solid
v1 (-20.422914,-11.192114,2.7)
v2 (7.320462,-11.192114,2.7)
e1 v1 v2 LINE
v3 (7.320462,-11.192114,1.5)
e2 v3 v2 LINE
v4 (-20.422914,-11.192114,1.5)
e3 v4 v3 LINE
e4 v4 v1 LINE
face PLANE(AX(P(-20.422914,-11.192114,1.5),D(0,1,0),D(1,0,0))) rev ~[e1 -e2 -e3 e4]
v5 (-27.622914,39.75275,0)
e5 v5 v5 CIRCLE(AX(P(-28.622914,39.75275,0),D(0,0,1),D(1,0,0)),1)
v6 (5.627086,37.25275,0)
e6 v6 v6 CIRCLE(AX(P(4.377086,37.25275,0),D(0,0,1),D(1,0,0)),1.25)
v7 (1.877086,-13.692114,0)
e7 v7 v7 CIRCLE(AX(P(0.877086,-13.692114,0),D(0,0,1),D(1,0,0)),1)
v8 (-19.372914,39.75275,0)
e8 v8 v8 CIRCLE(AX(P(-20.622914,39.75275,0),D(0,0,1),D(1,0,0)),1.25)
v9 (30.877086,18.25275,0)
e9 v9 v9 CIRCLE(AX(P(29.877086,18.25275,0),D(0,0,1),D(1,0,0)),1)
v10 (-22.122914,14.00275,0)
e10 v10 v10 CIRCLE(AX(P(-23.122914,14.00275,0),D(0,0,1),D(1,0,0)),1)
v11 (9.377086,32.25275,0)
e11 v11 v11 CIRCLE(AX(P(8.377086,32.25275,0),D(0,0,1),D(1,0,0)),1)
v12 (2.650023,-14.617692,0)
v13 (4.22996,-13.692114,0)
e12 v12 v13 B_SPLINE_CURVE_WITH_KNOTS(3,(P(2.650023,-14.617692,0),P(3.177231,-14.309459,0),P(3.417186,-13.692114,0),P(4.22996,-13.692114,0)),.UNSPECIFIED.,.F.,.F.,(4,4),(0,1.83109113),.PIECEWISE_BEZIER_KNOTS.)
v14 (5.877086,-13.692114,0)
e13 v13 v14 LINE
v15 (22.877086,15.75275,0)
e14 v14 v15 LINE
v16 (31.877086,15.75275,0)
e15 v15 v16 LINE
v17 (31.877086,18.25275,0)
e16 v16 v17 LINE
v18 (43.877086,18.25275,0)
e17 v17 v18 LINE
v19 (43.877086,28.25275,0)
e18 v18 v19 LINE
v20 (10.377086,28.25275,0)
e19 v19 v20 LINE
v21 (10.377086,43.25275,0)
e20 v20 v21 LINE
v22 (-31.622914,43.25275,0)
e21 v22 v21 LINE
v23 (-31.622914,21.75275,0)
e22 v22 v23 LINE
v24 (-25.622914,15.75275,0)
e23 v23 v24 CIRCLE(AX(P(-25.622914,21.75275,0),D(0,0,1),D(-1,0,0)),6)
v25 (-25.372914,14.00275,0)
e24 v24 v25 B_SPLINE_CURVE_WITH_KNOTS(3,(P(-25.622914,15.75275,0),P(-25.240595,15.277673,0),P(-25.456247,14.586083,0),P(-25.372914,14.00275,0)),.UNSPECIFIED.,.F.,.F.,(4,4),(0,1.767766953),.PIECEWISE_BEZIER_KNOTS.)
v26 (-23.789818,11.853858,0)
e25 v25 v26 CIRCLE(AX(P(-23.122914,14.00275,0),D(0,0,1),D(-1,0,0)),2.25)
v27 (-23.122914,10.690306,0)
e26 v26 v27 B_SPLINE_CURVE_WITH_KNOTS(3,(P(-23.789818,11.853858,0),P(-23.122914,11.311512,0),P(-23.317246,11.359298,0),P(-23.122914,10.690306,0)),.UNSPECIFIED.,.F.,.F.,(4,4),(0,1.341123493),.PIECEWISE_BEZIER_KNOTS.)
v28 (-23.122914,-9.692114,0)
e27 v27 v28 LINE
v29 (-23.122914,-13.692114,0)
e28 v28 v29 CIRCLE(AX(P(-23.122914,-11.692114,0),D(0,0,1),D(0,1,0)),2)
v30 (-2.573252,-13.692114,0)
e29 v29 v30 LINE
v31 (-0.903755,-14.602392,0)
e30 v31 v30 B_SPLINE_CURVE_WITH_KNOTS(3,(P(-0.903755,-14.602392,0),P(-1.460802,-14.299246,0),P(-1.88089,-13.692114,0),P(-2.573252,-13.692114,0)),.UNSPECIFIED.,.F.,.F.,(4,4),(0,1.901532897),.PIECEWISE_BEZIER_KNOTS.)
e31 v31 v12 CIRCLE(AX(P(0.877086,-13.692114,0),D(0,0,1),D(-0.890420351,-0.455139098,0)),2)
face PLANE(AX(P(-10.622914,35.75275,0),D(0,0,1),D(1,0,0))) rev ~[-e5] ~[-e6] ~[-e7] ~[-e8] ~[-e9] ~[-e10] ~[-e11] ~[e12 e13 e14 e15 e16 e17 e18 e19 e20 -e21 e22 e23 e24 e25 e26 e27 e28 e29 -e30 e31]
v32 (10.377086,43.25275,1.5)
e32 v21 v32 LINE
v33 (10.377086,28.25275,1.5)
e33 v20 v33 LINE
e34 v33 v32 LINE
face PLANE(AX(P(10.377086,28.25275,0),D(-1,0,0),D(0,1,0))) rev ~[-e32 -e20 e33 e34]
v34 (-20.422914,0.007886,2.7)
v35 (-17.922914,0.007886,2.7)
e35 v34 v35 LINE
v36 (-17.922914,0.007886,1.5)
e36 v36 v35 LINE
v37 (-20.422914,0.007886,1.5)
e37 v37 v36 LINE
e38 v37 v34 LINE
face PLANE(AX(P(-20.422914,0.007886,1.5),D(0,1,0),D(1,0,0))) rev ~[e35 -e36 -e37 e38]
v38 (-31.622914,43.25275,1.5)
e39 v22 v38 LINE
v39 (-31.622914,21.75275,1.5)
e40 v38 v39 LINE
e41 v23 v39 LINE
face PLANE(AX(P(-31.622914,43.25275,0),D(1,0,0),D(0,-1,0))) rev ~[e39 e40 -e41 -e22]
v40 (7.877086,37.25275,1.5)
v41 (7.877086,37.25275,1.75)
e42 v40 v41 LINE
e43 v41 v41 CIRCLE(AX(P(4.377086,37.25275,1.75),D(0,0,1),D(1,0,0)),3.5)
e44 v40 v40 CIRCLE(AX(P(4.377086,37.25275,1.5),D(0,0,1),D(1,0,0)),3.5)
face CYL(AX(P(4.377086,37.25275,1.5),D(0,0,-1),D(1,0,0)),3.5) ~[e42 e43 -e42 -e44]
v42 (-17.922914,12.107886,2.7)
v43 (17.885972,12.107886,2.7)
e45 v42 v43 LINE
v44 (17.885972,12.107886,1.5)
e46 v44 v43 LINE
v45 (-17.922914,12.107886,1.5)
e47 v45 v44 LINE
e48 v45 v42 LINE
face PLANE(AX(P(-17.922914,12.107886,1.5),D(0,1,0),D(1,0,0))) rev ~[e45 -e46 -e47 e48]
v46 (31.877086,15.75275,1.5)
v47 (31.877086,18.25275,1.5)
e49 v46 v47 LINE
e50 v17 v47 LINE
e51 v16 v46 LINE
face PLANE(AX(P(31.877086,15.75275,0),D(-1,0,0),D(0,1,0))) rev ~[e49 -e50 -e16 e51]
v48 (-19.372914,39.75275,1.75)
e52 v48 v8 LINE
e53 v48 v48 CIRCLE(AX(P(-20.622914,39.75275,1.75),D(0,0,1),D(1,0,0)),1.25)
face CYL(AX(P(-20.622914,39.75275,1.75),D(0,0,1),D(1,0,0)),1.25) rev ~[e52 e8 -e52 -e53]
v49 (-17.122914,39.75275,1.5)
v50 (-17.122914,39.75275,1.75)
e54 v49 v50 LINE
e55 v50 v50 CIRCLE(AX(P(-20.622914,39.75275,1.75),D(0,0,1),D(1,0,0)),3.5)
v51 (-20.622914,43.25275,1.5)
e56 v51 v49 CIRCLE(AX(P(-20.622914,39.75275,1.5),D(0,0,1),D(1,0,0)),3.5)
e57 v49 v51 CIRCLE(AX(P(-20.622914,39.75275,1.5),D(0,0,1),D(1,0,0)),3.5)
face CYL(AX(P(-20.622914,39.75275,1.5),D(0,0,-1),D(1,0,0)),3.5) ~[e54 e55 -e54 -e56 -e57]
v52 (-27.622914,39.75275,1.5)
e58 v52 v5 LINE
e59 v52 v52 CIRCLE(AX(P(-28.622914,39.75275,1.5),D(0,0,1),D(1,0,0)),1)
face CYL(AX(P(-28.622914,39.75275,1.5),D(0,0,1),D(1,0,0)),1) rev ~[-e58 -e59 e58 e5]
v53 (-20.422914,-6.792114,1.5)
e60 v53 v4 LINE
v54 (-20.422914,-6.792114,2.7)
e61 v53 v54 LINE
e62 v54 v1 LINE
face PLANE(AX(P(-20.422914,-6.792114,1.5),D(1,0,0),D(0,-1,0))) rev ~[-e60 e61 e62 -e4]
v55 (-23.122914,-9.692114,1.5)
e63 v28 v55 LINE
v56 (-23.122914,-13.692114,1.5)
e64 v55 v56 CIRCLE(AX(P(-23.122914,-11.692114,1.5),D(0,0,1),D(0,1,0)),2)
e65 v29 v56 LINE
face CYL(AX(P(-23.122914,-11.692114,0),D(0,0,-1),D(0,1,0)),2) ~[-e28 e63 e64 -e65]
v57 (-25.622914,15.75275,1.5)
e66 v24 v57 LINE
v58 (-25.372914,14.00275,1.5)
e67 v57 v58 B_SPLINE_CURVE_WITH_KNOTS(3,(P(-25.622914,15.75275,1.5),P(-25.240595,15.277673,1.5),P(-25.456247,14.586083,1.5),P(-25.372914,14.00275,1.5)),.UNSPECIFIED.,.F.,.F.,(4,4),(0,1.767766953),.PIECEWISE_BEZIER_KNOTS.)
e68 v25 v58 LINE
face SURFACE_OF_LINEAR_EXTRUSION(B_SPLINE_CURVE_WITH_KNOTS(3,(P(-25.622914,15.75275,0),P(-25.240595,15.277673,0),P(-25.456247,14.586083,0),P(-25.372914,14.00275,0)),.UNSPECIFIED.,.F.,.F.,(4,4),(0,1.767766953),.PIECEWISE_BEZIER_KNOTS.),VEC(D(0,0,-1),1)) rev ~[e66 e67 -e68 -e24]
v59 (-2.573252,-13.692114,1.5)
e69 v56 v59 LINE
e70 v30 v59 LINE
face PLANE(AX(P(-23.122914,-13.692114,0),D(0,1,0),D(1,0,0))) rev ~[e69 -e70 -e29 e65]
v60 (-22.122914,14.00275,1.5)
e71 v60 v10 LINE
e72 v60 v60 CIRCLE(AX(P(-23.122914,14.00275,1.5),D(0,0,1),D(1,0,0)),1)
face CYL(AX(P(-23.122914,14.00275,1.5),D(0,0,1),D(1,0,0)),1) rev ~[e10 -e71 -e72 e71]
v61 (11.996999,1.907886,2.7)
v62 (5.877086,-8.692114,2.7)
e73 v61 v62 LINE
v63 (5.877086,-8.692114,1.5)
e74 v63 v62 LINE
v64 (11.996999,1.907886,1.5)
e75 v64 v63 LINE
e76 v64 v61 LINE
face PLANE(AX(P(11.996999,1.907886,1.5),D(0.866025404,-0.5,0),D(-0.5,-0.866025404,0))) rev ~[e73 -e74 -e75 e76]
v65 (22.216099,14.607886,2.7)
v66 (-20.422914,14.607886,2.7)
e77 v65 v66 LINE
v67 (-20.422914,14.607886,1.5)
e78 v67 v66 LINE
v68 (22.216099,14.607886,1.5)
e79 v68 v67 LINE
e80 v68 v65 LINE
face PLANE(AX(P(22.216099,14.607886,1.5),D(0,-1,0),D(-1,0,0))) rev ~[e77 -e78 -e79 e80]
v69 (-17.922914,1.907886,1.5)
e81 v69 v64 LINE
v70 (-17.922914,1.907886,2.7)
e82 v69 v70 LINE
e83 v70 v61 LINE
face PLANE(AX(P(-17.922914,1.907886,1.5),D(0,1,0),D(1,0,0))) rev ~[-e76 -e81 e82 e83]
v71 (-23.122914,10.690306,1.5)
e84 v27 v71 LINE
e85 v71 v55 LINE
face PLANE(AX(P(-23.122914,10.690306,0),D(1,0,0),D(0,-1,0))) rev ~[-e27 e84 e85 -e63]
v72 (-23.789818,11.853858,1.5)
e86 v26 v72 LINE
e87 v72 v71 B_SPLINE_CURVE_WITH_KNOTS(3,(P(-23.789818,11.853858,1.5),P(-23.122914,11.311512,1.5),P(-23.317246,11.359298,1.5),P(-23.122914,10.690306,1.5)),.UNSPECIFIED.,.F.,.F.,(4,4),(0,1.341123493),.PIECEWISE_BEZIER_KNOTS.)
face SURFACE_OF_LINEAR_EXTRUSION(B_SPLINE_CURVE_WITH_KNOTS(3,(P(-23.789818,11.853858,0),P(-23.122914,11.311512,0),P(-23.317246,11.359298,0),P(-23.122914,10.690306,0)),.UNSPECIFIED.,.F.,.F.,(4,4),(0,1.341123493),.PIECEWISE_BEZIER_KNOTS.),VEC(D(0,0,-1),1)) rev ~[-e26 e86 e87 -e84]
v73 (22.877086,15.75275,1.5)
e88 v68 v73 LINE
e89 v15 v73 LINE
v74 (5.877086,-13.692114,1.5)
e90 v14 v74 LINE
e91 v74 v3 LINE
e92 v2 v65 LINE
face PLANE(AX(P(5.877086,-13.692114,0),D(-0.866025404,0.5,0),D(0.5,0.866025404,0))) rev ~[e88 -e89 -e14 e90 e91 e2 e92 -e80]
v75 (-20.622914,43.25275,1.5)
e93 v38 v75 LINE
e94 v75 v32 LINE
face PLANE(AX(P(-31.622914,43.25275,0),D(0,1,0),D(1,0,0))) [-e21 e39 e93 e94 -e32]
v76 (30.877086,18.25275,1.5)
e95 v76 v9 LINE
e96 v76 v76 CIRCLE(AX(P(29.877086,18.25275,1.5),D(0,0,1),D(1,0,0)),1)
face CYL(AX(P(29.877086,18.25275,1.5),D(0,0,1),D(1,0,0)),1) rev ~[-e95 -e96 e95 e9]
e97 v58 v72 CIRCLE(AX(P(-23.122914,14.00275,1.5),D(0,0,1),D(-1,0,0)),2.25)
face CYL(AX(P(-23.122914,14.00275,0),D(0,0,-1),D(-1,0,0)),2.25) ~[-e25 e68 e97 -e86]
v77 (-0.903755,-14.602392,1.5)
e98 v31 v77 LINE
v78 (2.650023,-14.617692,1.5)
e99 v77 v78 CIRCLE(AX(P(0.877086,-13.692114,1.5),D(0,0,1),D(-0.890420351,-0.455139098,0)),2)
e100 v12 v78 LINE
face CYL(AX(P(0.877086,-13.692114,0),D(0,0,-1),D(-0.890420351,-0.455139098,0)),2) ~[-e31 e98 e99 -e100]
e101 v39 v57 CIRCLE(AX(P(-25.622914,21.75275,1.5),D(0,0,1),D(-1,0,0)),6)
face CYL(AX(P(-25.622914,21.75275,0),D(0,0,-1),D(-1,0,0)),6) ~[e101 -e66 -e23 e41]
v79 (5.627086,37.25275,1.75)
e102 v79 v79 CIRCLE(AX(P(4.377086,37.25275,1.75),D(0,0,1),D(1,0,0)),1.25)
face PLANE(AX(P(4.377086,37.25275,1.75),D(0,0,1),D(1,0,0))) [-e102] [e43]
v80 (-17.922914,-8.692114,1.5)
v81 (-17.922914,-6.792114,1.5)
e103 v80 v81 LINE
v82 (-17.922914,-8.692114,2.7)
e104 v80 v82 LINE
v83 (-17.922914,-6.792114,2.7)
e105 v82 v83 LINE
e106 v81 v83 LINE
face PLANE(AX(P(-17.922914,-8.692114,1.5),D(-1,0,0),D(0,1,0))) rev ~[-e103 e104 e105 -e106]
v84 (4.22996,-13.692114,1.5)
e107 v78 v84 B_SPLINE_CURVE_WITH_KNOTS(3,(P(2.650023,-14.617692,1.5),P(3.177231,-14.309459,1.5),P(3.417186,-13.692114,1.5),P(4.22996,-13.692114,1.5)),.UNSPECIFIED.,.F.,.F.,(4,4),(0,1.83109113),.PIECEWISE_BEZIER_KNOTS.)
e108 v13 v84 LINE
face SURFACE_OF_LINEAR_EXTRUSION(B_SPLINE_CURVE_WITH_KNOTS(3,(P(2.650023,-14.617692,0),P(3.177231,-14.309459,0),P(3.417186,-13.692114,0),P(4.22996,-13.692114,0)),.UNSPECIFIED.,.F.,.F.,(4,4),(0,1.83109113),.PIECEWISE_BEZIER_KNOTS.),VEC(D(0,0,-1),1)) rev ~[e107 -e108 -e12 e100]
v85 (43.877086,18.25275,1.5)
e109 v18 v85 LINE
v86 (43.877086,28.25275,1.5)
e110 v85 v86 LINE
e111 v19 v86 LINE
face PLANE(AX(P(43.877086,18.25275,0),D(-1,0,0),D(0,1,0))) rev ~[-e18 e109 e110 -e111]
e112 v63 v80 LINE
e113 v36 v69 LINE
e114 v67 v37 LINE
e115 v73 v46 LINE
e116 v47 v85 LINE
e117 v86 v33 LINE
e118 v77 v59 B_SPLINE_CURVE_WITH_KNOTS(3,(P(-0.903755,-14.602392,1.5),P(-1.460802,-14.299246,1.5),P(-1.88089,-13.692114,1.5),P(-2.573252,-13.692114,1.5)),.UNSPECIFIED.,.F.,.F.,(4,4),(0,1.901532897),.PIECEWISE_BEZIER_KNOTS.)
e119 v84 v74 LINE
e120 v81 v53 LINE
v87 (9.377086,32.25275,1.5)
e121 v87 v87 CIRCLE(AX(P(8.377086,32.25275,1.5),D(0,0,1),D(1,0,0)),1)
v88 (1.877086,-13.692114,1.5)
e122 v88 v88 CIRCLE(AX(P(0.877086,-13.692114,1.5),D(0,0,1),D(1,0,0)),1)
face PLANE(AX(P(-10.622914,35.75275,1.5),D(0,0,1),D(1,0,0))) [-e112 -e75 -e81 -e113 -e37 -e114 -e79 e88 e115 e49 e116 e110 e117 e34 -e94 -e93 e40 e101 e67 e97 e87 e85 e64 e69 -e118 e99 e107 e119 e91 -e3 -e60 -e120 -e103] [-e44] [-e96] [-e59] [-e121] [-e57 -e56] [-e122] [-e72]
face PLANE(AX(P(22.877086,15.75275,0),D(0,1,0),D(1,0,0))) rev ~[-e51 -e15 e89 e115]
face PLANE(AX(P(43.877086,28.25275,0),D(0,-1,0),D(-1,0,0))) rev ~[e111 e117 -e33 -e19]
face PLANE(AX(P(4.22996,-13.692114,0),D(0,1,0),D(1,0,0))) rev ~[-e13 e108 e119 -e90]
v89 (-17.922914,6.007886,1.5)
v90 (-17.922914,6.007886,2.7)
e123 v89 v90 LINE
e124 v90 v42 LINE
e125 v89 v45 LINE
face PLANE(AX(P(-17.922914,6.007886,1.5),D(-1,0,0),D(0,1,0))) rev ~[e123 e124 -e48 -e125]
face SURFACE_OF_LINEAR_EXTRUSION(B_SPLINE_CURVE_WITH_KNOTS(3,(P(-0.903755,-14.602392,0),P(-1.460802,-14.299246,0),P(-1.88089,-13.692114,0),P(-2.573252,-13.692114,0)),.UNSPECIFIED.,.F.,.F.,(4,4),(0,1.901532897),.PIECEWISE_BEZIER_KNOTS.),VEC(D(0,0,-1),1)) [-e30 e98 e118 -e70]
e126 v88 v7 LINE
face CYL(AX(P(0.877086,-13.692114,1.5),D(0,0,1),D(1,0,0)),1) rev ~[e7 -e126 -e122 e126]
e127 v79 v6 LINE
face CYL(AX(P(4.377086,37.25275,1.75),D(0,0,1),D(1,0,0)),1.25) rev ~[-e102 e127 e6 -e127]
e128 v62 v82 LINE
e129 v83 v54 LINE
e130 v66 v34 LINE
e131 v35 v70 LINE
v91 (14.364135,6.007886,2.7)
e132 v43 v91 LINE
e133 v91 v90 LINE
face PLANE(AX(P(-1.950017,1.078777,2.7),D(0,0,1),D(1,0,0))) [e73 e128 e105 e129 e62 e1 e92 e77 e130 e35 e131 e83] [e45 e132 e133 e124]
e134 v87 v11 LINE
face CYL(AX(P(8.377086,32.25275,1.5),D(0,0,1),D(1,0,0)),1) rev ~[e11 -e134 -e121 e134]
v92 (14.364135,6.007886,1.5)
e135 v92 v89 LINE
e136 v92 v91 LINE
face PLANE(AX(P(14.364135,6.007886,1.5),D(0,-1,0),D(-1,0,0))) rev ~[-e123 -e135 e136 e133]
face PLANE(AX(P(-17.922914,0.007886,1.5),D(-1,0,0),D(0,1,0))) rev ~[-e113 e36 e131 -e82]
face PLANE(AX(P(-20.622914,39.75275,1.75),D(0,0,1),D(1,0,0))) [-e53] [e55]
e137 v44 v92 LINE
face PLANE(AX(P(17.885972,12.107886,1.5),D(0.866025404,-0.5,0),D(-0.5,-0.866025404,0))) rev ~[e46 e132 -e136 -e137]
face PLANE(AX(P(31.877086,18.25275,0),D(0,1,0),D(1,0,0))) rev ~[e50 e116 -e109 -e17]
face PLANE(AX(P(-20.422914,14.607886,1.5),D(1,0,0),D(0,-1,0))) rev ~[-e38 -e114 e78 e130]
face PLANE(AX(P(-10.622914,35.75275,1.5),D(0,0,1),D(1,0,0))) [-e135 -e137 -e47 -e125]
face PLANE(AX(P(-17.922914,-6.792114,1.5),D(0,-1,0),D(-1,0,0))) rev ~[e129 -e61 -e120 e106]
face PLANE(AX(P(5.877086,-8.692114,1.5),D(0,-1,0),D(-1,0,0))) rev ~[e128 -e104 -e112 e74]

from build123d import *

# Parameters (mm, degrees)
F0_W     = 42
F0_H     = 15
F1_DEPTH = 1.5
F2_R     = 3.5
F3_DEPTH = 0.25
F4_R     = 1.25
F5_DEPTH = 5
F6_R     = 1
F7_DEPTH = 5
F9_DEPTH = 1.2


with BuildPart() as f1:
    # F0 (on Top) → F1 (new body)
    with BuildSketch(Plane.XY):
        with Locations((-10.6229138038, 35.7527500853)):
            Rectangle(F0_W, F0_H)
        with BuildLine():
            Line((10.3770861962, 18.2527500853), (10.3770861962, 28.2527500853))
            Line((10.3770861962, 28.2527500853), (-31.6229138038, 28.2527500853))
            Line((-31.6229138038, 28.2527500853), (-31.6229138038, 21.7527500853))
            ThreePointArc((-31.6229138038, 21.7527500853), (-29.8655544909, 17.5101093982), (-25.6229138038, 15.7527500853))
            Line((-25.6229138038, 15.7527500853), (-24.5371273662, 15.7527500853))
            Line((-24.5371273662, 15.7527500853), (-23.1229138038, 15.7527500853))
            Line((-23.1229138038, 15.7527500853), (5.8770861962, 15.7527500853))
            Line((5.8770861962, 15.7527500853), (10.3770861962, 15.7527500853))
            Line((10.3770861962, 15.7527500853), (10.3770861962, 18.2527500853))
        make_face()
        Polygon((43.8770861962, 28.2527500853), (10.3770861962, 28.2527500853), (10.3770861962, 18.2527500853), (31.8770861962, 18.2527500853), (43.8770861962, 18.2527500853), align=None)
        Polygon((31.8770861962, 18.2527500853), (10.3770861962, 18.2527500853), (10.3770861962, 15.7527500853), (22.8770861962, 15.7527500853), (31.8770861962, 15.7527500853), align=None)
        Polygon((22.8770861962, 15.7527500853), (10.3770861962, 15.7527500853), (5.8770861962, 15.7527500853), (5.8770861962, -13.6921136433), align=None)
        Polygon((5.8770861962, -13.6921136433), (5.8770861962, 15.7527500853), (-23.1229138038, 15.7527500853), (-23.1229138038, 11.7527500853), (-23.1229138038, 10.6903063133), (-23.1229138038, -9.6921136433), (-23.1229138038, -13.6921136433), (-2.5732517242, -13.6921136433), (-1.1229138038, -13.6921136433), (2.8770861962, -13.6921136433), (4.2299595661, -13.6921136433), align=None)
        with BuildLine():
            Line((-24.5371273662, 15.7527500853), (-25.6229138038, 15.7527500853))
            add(Edge.make_bspline(
                [(-25.6229138038, 15.7527500853), (-25.2405945212, 15.277672559), (-25.4562471371, 14.5860834187), (-25.3729138038, 14.0027500853)],
                knots=[0, 0, 0, 0, 1.767766953, 1.767766953, 1.767766953, 1.767766953], degree=3))
            ThreePointArc((-25.3729138038, 14.0027500853), (-25.1532438897, 14.9724199994), (-24.5371273662, 15.7527500853))
        make_face()
        with BuildLine():
            Line((-23.1229138038, 11.7527500853), (-23.1229138038, 15.7527500853))
            Line((-23.1229138038, 15.7527500853), (-24.5371273662, 15.7527500853))
            ThreePointArc((-24.5371273662, 15.7527500853), (-25.1532438897, 14.9724199994), (-25.3729138038, 14.0027500853))
            ThreePointArc((-25.3729138038, 14.0027500853), (-24.934409558, 12.6682152852), (-23.7898176859, 11.8538575305))
            ThreePointArc((-23.7898176859, 11.8538575305), (-23.4601761288, 11.7781705466), (-23.1229138038, 11.7527500853))
        make_face()
        with BuildLine():
            Line((-23.1229138038, -13.6921136433), (-23.1229138038, -9.6921136433))
            ThreePointArc((-23.1229138038, -9.6921136433), (-25.1229138038, -11.6921136433), (-23.1229138038, -13.6921136433))
        make_face()
        with BuildLine():
            add(Edge.make_bspline(
                [(2.6500229876, -14.6176919133), (3.1772305838, -14.3094592572), (3.4171862062, -13.6921136433), (4.2299595661, -13.6921136433)],
                knots=[0, 0, 0, 0, 1.8310911299, 1.8310911299, 1.8310911299, 1.8310911299], degree=3))
            Line((4.2299595661, -13.6921136433), (2.8770861962, -13.6921136433))
            ThreePointArc((2.8770861962, -13.6921136433), (2.8194910951, -14.1686251423), (2.6500229876, -14.6176919133))
        make_face()
        with BuildLine():
            ThreePointArc((2.6500229876, -14.6176919133), (2.8194910951, -14.1686251423), (2.8770861962, -13.6921136433))
            Line((2.8770861962, -13.6921136433), (-1.1229138038, -13.6921136433))
            ThreePointArc((-1.1229138038, -13.6921136433), (-1.0673522064, -14.1602581707), (-0.9037545054, -14.6023918402))
            ThreePointArc((-0.9037545054, -14.6023918402), (0.8684756789, -15.692095108), (2.6500229876, -14.6176919133))
        make_face()
        with BuildLine():
            ThreePointArc((-0.9037545054, -14.6023918402), (-1.0673522064, -14.1602581707), (-1.1229138038, -13.6921136433))
            Line((-1.1229138038, -13.6921136433), (-2.5732517242, -13.6921136433))
            add(Edge.make_bspline(
                [(-0.9037545054, -14.6023918402), (-1.4608021595, -14.2992461823), (-1.8808895256, -13.6921136433), (-2.5732517242, -13.6921136433)],
                knots=[0, 0, 0, 0, 1.9015328973, 1.9015328973, 1.9015328973, 1.9015328973], degree=3))
        make_face()
        with BuildLine():
            Line((-23.1229138038, 10.6903063133), (-23.1229138038, 11.7527500853))
            ThreePointArc((-23.1229138038, 11.7527500853), (-23.4601761288, 11.7781705466), (-23.7898176859, 11.8538575305))
            add(Edge.make_bspline(
                [(-23.7898176859, 11.8538575305), (-23.1229138038, 11.3115124404), (-23.3172457665, 11.3592976704), (-23.1229138038, 10.6903063133)],
                knots=[0, 0, 0, 0, 1.3411234928, 1.3411234928, 1.3411234928, 1.3411234928], degree=3))
        make_face()
    extrude(amount=F1_DEPTH)

    # F2 (on face) → F3 (join)
    with BuildSketch(Plane.XY.offset(1.5)):
        with Locations((-20.6229138038, 39.7527500853)):
            Circle(F2_R)
        with Locations((4.3770861962, 37.2527500853)):
            Circle(F2_R)
    extrude(amount=F3_DEPTH)

    # F4 (on face) → F5 (cut)
    with BuildSketch(Plane.XY.offset(1.75)):
        with Locations((4.3770861962, 37.2527500853)):
            Circle(F4_R)
        with Locations((-20.6229138038, 39.7527500853)):
            Circle(F4_R)
    extrude(amount=-F5_DEPTH, mode=Mode.SUBTRACT)

    # F6 (on face) → F7 (cut)
    with BuildSketch(Plane.XY.offset(1.5)):
        with Locations((-28.6229138038, 39.7527500853)):
            Circle(F6_R)
        with Locations((8.3770861962, 32.2527500853)):
            Circle(F6_R)
        with Locations((29.8770861962, 18.2527500853)):
            Circle(F6_R)
        with Locations((-23.1229138038, 14.0027500853)):
            Circle(F6_R)
        with Locations((0.8770861962, -13.6921136433)):
            Circle(F6_R)
    extrude(amount=-F7_DEPTH, mode=Mode.SUBTRACT)

    # F8 (on face) → F9 (join)
    with BuildSketch(Plane.XY.offset(1.5)):
        Polygon((-17.9229138038, -6.7921136433), (-20.4229138038, -6.7921136433), (-20.4229138038, -11.1921136433), (7.3204618692, -11.1921136433), (22.2160988143, 14.6078863567), (-20.4229138038, 14.6078863567), (-20.4229138038, 0.0078863567), (-17.9229138038, 0.0078863567), (-17.9229138038, 1.9078863567), (11.9969990496, 1.9078863567), (5.8770861962, -8.6921136433), (-17.9229138038, -8.6921136433), align=None)
        Polygon((-17.9229138038, 6.0078863567), (-17.9229138038, 12.1078863567), (17.8859717953, 12.1078863567), (14.3641351533, 6.0078863567), align=None, mode=Mode.SUBTRACT)
    extrude(amount=F9_DEPTH)


solid = f1.part
